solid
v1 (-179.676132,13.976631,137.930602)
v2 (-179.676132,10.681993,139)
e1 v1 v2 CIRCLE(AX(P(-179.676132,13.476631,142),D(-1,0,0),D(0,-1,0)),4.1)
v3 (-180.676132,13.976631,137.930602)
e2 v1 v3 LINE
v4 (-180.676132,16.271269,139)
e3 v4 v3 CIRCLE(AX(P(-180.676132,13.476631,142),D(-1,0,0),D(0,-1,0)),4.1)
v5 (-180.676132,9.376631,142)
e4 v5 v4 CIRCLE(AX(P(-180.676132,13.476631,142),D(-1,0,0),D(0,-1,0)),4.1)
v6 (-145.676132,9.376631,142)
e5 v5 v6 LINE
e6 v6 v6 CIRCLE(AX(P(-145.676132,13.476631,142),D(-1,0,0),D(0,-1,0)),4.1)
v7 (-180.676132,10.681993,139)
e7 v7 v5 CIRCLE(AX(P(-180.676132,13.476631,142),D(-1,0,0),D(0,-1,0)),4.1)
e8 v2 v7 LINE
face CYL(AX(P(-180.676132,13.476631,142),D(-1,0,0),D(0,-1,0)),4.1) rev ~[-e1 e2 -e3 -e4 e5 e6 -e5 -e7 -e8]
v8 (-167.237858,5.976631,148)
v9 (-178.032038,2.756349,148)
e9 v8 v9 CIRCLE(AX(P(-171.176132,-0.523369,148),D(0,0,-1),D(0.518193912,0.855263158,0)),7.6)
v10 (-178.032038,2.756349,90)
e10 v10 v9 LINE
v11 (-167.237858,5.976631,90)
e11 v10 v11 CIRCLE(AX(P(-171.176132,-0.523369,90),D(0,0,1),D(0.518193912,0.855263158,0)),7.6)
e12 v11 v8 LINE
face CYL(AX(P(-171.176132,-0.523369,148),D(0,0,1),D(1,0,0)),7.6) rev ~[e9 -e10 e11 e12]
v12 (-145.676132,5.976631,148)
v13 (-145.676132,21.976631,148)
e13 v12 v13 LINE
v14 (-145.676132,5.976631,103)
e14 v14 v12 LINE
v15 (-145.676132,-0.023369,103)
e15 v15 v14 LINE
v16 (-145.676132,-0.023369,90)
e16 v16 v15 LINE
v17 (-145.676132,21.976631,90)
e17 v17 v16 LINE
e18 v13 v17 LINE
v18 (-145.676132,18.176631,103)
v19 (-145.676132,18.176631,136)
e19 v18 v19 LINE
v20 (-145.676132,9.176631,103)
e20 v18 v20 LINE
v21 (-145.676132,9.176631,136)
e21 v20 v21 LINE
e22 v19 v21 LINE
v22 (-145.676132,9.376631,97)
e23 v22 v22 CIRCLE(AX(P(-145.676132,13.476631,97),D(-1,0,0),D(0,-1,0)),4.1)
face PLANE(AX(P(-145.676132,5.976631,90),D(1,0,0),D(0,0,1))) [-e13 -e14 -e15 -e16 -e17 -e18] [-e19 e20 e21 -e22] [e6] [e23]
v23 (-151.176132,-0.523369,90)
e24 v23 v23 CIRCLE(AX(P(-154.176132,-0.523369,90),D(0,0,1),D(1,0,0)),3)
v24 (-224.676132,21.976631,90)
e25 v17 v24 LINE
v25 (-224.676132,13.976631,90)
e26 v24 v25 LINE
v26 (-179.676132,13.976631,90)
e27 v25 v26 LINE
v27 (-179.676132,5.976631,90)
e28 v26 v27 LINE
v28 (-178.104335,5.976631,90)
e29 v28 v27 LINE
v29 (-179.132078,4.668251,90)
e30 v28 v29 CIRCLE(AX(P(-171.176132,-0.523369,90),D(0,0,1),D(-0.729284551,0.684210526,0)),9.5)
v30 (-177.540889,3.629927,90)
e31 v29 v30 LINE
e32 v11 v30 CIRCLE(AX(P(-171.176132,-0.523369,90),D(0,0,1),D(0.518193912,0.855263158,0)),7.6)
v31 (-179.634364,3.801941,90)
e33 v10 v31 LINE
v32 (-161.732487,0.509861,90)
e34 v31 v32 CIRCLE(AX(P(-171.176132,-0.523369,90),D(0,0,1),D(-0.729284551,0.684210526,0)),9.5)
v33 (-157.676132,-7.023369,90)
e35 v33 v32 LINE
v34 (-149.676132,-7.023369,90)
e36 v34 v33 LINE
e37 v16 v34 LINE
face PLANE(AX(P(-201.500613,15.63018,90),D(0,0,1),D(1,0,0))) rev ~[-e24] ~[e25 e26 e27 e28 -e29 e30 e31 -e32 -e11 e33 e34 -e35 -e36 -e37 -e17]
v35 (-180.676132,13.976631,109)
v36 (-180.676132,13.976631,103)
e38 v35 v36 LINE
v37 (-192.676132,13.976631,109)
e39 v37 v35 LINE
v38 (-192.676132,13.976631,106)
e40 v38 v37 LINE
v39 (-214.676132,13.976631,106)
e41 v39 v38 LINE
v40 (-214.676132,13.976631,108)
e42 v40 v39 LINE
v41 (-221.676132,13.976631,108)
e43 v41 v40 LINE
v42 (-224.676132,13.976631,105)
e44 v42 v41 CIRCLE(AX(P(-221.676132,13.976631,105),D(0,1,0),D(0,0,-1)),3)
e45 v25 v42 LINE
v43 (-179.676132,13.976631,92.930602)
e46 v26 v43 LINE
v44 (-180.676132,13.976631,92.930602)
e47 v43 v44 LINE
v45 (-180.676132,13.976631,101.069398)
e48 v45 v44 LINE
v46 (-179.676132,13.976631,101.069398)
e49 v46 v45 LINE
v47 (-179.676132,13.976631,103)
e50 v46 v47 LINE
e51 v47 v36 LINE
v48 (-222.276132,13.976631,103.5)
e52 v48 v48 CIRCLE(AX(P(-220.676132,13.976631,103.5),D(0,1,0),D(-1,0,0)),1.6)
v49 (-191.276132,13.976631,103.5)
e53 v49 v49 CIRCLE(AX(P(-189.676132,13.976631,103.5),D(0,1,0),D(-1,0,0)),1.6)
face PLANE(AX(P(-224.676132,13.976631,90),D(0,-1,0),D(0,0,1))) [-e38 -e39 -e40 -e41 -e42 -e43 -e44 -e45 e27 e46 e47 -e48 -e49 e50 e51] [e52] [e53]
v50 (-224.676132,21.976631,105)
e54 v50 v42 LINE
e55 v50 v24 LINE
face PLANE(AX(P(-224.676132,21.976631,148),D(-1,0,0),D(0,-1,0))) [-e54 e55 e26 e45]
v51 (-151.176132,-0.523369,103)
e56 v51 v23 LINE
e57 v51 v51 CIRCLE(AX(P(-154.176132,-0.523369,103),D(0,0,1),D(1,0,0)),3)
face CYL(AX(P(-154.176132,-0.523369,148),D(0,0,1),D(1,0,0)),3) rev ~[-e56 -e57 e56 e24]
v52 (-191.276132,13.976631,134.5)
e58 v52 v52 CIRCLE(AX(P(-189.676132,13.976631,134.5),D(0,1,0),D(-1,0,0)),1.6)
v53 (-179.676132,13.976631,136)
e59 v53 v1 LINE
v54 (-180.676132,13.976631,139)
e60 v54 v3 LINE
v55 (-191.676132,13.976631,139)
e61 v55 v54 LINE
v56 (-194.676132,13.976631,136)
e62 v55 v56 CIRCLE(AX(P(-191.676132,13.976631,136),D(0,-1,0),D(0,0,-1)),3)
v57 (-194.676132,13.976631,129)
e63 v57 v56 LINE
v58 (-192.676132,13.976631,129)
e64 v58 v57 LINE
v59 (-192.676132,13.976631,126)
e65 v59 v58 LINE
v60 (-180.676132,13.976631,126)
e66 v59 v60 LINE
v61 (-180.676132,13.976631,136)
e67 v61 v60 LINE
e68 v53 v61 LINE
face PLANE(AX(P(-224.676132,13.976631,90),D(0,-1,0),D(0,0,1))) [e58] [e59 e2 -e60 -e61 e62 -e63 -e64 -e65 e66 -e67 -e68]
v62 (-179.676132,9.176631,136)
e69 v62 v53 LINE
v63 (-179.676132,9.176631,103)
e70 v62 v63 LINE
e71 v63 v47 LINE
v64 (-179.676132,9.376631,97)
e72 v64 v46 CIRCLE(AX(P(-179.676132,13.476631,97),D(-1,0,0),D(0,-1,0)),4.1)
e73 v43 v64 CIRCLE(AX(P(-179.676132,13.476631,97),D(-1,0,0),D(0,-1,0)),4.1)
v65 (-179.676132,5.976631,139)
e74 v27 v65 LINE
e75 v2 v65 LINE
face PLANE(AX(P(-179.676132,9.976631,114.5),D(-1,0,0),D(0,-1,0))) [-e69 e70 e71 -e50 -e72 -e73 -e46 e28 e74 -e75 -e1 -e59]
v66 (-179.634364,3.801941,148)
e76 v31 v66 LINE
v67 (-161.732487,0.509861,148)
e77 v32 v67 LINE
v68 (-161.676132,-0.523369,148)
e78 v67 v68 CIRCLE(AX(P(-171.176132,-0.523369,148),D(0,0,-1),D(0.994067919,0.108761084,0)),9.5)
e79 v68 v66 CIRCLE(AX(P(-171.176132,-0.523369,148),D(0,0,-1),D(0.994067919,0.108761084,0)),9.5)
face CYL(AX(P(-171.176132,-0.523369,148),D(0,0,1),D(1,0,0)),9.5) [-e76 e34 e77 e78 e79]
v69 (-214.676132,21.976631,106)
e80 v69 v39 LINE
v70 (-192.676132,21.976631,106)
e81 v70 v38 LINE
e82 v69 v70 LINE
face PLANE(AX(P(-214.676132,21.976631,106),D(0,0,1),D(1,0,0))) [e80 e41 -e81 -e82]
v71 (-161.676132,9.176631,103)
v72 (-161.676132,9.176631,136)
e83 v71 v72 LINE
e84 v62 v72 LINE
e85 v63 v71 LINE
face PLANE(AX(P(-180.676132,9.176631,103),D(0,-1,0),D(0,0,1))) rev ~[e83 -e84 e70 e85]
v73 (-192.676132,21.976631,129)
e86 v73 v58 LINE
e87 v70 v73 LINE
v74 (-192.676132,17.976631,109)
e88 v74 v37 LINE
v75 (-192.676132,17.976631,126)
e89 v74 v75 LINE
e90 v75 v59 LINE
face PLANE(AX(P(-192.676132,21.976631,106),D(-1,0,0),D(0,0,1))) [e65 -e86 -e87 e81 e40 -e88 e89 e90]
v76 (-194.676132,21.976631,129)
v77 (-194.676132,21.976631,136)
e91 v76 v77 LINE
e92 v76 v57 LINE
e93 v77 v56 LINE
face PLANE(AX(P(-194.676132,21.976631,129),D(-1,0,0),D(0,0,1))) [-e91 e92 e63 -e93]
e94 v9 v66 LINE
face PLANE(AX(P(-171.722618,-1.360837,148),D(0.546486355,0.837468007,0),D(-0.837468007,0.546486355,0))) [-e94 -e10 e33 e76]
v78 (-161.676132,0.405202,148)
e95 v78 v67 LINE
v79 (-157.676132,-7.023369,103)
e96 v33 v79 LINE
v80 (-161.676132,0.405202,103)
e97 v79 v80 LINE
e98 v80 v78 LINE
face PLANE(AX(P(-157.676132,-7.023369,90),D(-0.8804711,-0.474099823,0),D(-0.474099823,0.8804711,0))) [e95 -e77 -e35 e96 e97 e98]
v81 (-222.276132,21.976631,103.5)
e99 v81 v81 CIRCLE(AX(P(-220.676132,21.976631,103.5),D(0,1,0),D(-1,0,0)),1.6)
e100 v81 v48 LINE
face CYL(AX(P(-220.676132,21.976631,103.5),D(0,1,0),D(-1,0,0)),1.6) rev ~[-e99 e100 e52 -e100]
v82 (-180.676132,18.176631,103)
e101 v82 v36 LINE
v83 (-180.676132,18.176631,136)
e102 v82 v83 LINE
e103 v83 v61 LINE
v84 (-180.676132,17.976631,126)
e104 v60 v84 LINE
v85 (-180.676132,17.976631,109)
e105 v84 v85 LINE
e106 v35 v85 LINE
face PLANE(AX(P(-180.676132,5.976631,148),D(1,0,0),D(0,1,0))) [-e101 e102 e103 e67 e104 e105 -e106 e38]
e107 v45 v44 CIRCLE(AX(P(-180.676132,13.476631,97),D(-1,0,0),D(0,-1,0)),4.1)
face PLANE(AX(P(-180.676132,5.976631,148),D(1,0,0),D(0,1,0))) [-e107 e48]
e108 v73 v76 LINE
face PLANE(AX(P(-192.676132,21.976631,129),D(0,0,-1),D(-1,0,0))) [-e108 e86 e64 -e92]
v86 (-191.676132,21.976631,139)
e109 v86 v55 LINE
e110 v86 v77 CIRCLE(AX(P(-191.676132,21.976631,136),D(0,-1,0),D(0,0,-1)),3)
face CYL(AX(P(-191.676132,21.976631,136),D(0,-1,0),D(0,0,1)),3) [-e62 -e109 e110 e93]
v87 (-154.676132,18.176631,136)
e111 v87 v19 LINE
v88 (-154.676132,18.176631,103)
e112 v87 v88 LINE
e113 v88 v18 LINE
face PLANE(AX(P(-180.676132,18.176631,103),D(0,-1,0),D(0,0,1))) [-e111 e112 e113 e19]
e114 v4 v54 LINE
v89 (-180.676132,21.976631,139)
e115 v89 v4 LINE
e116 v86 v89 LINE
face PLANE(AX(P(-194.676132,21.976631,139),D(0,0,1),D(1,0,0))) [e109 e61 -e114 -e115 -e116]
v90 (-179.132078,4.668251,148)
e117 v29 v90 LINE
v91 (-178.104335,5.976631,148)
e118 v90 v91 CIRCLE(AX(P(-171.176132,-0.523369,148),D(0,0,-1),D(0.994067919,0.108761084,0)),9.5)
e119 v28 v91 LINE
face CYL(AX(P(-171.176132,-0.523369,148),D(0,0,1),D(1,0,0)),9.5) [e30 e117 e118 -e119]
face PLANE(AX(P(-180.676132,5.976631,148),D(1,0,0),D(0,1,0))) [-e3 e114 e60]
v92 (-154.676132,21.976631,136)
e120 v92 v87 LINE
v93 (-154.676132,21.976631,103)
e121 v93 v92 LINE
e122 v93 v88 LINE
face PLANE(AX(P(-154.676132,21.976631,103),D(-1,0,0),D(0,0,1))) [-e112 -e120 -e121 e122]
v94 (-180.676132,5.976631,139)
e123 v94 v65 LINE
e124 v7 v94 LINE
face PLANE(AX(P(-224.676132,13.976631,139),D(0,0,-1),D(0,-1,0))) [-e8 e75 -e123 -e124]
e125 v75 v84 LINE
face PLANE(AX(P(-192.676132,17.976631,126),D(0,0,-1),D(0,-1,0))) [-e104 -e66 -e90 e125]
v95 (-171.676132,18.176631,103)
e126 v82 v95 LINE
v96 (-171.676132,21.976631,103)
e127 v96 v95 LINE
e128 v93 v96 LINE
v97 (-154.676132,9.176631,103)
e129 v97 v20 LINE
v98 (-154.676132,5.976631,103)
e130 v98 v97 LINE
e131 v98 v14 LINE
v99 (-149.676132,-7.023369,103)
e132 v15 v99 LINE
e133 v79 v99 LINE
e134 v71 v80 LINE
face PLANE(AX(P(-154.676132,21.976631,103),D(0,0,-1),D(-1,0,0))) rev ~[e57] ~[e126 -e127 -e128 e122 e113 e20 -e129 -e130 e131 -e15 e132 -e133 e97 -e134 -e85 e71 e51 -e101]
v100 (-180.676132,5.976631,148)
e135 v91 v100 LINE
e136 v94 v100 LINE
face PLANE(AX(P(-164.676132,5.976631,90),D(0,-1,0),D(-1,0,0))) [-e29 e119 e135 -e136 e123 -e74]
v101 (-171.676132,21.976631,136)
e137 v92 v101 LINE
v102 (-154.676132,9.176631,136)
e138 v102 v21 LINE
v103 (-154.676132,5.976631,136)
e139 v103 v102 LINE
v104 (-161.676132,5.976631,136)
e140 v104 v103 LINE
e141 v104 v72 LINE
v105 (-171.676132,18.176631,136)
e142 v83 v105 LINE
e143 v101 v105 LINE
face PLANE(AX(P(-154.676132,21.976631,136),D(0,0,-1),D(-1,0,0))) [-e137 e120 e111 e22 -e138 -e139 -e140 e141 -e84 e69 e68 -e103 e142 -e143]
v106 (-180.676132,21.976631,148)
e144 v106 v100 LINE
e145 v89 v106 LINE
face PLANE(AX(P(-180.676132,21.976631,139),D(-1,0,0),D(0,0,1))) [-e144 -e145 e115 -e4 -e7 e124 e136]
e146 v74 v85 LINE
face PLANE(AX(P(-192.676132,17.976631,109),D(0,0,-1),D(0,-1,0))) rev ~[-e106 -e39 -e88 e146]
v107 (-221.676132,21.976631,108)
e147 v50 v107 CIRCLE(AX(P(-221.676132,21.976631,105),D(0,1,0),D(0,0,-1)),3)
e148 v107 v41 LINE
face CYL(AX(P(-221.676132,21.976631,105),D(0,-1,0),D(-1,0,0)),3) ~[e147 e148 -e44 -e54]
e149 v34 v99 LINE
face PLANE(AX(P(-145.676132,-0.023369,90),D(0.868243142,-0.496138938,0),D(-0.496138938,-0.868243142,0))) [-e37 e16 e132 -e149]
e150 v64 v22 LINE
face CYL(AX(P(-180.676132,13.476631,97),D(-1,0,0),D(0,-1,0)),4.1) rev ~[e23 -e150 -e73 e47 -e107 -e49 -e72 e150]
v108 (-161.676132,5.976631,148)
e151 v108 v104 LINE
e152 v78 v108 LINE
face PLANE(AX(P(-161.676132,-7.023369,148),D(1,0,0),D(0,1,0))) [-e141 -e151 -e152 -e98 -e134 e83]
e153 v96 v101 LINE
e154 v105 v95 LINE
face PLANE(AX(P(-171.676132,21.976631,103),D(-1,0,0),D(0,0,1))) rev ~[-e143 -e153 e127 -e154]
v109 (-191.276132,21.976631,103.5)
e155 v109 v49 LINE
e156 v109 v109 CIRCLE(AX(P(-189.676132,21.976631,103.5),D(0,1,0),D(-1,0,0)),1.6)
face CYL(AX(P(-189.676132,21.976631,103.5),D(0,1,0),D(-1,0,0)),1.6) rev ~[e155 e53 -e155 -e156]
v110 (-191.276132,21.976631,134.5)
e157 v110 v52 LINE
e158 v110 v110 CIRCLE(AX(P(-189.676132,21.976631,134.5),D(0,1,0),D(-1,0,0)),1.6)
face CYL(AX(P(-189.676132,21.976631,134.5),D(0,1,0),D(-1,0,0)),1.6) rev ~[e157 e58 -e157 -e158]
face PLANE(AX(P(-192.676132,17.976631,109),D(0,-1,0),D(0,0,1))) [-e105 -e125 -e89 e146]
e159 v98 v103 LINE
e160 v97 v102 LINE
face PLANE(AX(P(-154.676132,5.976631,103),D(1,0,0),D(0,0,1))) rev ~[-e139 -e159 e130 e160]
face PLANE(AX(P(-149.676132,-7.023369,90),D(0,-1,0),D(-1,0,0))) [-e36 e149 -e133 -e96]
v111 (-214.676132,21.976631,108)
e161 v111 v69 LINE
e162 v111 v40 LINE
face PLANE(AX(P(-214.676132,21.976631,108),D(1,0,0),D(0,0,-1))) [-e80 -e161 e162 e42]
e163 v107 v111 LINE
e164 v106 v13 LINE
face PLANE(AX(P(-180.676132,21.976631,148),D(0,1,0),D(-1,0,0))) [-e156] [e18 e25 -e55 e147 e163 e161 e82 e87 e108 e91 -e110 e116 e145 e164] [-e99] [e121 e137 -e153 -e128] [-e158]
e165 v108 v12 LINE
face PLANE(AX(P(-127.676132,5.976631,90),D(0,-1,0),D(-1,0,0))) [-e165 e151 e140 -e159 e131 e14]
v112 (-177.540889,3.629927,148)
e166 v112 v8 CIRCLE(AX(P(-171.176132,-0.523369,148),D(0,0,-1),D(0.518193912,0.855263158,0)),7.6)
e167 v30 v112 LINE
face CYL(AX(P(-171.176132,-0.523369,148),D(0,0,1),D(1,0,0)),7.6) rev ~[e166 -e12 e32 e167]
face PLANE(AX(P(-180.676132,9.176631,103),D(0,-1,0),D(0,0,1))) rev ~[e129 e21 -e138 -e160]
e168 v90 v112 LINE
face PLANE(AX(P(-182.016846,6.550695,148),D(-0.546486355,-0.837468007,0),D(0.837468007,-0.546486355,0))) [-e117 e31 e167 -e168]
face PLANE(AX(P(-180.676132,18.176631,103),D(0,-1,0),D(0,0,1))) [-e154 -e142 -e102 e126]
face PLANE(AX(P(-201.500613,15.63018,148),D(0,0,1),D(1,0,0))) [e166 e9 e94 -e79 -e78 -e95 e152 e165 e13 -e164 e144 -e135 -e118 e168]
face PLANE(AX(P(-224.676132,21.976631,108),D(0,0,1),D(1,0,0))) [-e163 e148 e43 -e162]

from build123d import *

# Parameters (mm, degrees)
PAD_DEPTH       = 58
SKETCH001_R     = 9.5
SKETCH001_R_2   = 7.6
PAD001_DEPTH    = 58
SKETCH002_R     = 7.6
SKETCH002_R_2   = 3
POCKET_DEPTH    = 58
SKETCH003_R     = 4.1
SKETCH003_W     = 9
SKETCH003_H     = 33
POCKET001_DEPTH = 55
SKETCH004_W     = 16
SKETCH004_H     = 13
POCKET002_DEPTH = 45
PAD002_DEPTH    = 58
SKETCH006_R     = 1.6
POCKET003_DEPTH = 17
SKETCH007_W     = 18
SKETCH007_H     = 58
POCKET004_DEPTH = 25
SKETCH008_W     = 17
SKETCH008_H     = 33
POCKET005_DEPTH = 5
SKETCH009_W     = 7
SKETCH009_H     = 33
POCKET006_DEPTH = 5
SKETCH010_W     = 8
SKETCH010_H     = 49
POCKET007_DEPTH = 45
SKETCH011_W     = 4
SKETCH011_H     = 17
POCKET008_DEPTH = 20
POCKET009_DEPTH = 58
FILLET_R        = 3
FILLET001_R     = 3


with BuildPart() as part:
    # Sketch → Pad (new body)
    with BuildSketch(Plane(origin=(-133, 0, 90), x_dir=(1, 0, 0), z_dir=(0, 0, 1))):
        Polygon((-47.676132, 21.976631), (5.323868, 21.976631), (5.323868, 5.976631), (-12.676132, 5.976631), (-12.676132, -0.023369), (-16.676132, -7.023369), (-24.676132, -7.023369), (-31.676132, 5.976631), (-47.676132, 5.976631), align=None)
    extrude(amount=PAD_DEPTH)

    # Sketch001 → Pad001 (new body)
    with BuildSketch(Plane(origin=(-133, 0, 148), x_dir=(1, 0, 0), z_dir=(0, 0, 1))):
        with Locations((-38.176132, -0.523369)):
            Circle(SKETCH001_R)
        with Locations((-38.176132, -0.523369)):
            Circle(SKETCH001_R_2, mode=Mode.SUBTRACT)
    extrude(amount=-PAD001_DEPTH)

    # Sketch002 → Pocket (cut)
    with BuildSketch(Plane(origin=(-133, 0, 148), x_dir=(1, 0, 0), z_dir=(0, 0, 1))):
        with Locations((-38.176132, -0.523369)):
            Circle(SKETCH002_R)
        with Locations((-21.176132, -0.523369)):
            Circle(SKETCH002_R_2)
    extrude(amount=-POCKET_DEPTH, mode=Mode.SUBTRACT)

    # Sketch003 → Pocket001 (cut)
    with BuildSketch(Plane(origin=(-180.676132, 0, 90), x_dir=(0, -1, 0), z_dir=(-1, 0, 0))):
        with Locations((-13.476631, 52)):
            Circle(SKETCH003_R)
        with Locations((-13.476631, 7)):
            Circle(SKETCH003_R)
        with Locations((-13.676631, 29.5)):
            Rectangle(SKETCH003_W, SKETCH003_H)
    extrude(amount=-POCKET001_DEPTH, mode=Mode.SUBTRACT)

    # Sketch004 → Pocket002 (cut)
    with BuildSketch(Plane(origin=(-133, 0, 148), x_dir=(1, 0, 0), z_dir=(0, 0, 1))):
        with Locations((-20.676132, -0.523369)):
            Rectangle(SKETCH004_W, SKETCH004_H)
    extrude(amount=-POCKET002_DEPTH, mode=Mode.SUBTRACT)

    # Sketch005 → Pad002 (new body)
    with BuildSketch(Plane(origin=(-133, 0, 148), x_dir=(1, 0, 0), z_dir=(0, 0, 1))):
        Polygon((-47.676132, 21.976631), (-91.676132, 21.976631), (-91.676132, 11.976631), (-81.676132, 11.976631), (-47.676132, 5.976631), align=None)
    extrude(amount=-PAD002_DEPTH)

    # Sketch006 → Pocket003 (cut)
    with BuildSketch(Plane(origin=(-133, 21.976631, 90), x_dir=(-1, 0, 0), z_dir=(0, 1, 0))):
        with Locations((56.676132, 44.5)):
            Circle(SKETCH006_R)
        with Locations((56.676132, 13.5)):
            Circle(SKETCH006_R)
        with Locations((87.676132, 13.5)):
            Circle(SKETCH006_R)
        Polygon((91.676132, 18), (81.676132, 18), (81.676132, 16), (59.676132, 16), (59.676132, 39), (61.676132, 39), (61.676132, 49), (47.676132, 49), (47.676132, 58), (91.676132, 58), align=None)
    extrude(amount=-POCKET003_DEPTH, mode=Mode.SUBTRACT)

    # Sketch007 → Pocket004 (cut)
    with BuildSketch(Plane(origin=(-133, 5.976631, 90), x_dir=(1, 0, 0), z_dir=(0, -1, 0))):
        with Locations((-3.676132, 29)):
            Rectangle(SKETCH007_W, SKETCH007_H)
    extrude(amount=-POCKET004_DEPTH, mode=Mode.SUBTRACT)

    # Sketch008 → Pocket005 (cut)
    with BuildSketch(Plane(origin=(-133, 21.976631, 90), x_dir=(-1, 0, 0), z_dir=(0, 1, 0))):
        with Locations((30.176132, 29.5)):
            Rectangle(SKETCH008_W, SKETCH008_H)
    extrude(amount=-POCKET005_DEPTH, mode=Mode.SUBTRACT)

    # Sketch009 → Pocket006 (cut)
    with BuildSketch(Plane(origin=(-133, 5.976631, 90), x_dir=(1, 0, 0), z_dir=(0, -1, 0))):
        with Locations((-25.176132, 29.5)):
            Rectangle(SKETCH009_W, SKETCH009_H)
    extrude(amount=-POCKET006_DEPTH, mode=Mode.SUBTRACT)

    # Sketch010 → Pocket007 (cut)
    with BuildSketch(Plane(origin=(-224.676132, 0, 90), x_dir=(0, -1, 0), z_dir=(-1, 0, 0))):
        with Locations((-9.976631, 24.5)):
            Rectangle(SKETCH010_W, SKETCH010_H)
    extrude(amount=-POCKET007_DEPTH, mode=Mode.SUBTRACT)

    # Sketch011 → Pocket008 (cut)
    with BuildSketch(Plane(origin=(-192.676132, 0, 90), x_dir=(0, -1, 0), z_dir=(-1, 0, 0))):
        with Locations((-15.976631, 27.5)):
            Rectangle(SKETCH011_W, SKETCH011_H)
    extrude(amount=-POCKET008_DEPTH, mode=Mode.SUBTRACT)

    # Sketch012 → Pocket009 (cut)
    with BuildSketch(Plane(origin=(-133, 0, 148), x_dir=(1, 0, 0), z_dir=(0, 0, 1))):
        Polygon((-38.722618, -1.360837), (-49.563332, 5.713227), (-49.016846, 6.550695), (-38.176132, -0.523369), align=None)
    extrude(amount=-POCKET009_DEPTH, mode=Mode.SUBTRACT)

    # Fillet
    fillet_edges = [part.edges().sort_by_distance(p)[0] for p in [
        (-224.676132, 17.976631, 108),
    ]]
    fillet(fillet_edges, radius=FILLET_R)

    # Fillet001
    fillet001_edges = [part.edges().sort_by_distance(p)[0] for p in [
        (-194.676132, 17.976631, 139),
    ]]
    fillet(fillet001_edges, radius=FILLET001_R)


solid = part.part
